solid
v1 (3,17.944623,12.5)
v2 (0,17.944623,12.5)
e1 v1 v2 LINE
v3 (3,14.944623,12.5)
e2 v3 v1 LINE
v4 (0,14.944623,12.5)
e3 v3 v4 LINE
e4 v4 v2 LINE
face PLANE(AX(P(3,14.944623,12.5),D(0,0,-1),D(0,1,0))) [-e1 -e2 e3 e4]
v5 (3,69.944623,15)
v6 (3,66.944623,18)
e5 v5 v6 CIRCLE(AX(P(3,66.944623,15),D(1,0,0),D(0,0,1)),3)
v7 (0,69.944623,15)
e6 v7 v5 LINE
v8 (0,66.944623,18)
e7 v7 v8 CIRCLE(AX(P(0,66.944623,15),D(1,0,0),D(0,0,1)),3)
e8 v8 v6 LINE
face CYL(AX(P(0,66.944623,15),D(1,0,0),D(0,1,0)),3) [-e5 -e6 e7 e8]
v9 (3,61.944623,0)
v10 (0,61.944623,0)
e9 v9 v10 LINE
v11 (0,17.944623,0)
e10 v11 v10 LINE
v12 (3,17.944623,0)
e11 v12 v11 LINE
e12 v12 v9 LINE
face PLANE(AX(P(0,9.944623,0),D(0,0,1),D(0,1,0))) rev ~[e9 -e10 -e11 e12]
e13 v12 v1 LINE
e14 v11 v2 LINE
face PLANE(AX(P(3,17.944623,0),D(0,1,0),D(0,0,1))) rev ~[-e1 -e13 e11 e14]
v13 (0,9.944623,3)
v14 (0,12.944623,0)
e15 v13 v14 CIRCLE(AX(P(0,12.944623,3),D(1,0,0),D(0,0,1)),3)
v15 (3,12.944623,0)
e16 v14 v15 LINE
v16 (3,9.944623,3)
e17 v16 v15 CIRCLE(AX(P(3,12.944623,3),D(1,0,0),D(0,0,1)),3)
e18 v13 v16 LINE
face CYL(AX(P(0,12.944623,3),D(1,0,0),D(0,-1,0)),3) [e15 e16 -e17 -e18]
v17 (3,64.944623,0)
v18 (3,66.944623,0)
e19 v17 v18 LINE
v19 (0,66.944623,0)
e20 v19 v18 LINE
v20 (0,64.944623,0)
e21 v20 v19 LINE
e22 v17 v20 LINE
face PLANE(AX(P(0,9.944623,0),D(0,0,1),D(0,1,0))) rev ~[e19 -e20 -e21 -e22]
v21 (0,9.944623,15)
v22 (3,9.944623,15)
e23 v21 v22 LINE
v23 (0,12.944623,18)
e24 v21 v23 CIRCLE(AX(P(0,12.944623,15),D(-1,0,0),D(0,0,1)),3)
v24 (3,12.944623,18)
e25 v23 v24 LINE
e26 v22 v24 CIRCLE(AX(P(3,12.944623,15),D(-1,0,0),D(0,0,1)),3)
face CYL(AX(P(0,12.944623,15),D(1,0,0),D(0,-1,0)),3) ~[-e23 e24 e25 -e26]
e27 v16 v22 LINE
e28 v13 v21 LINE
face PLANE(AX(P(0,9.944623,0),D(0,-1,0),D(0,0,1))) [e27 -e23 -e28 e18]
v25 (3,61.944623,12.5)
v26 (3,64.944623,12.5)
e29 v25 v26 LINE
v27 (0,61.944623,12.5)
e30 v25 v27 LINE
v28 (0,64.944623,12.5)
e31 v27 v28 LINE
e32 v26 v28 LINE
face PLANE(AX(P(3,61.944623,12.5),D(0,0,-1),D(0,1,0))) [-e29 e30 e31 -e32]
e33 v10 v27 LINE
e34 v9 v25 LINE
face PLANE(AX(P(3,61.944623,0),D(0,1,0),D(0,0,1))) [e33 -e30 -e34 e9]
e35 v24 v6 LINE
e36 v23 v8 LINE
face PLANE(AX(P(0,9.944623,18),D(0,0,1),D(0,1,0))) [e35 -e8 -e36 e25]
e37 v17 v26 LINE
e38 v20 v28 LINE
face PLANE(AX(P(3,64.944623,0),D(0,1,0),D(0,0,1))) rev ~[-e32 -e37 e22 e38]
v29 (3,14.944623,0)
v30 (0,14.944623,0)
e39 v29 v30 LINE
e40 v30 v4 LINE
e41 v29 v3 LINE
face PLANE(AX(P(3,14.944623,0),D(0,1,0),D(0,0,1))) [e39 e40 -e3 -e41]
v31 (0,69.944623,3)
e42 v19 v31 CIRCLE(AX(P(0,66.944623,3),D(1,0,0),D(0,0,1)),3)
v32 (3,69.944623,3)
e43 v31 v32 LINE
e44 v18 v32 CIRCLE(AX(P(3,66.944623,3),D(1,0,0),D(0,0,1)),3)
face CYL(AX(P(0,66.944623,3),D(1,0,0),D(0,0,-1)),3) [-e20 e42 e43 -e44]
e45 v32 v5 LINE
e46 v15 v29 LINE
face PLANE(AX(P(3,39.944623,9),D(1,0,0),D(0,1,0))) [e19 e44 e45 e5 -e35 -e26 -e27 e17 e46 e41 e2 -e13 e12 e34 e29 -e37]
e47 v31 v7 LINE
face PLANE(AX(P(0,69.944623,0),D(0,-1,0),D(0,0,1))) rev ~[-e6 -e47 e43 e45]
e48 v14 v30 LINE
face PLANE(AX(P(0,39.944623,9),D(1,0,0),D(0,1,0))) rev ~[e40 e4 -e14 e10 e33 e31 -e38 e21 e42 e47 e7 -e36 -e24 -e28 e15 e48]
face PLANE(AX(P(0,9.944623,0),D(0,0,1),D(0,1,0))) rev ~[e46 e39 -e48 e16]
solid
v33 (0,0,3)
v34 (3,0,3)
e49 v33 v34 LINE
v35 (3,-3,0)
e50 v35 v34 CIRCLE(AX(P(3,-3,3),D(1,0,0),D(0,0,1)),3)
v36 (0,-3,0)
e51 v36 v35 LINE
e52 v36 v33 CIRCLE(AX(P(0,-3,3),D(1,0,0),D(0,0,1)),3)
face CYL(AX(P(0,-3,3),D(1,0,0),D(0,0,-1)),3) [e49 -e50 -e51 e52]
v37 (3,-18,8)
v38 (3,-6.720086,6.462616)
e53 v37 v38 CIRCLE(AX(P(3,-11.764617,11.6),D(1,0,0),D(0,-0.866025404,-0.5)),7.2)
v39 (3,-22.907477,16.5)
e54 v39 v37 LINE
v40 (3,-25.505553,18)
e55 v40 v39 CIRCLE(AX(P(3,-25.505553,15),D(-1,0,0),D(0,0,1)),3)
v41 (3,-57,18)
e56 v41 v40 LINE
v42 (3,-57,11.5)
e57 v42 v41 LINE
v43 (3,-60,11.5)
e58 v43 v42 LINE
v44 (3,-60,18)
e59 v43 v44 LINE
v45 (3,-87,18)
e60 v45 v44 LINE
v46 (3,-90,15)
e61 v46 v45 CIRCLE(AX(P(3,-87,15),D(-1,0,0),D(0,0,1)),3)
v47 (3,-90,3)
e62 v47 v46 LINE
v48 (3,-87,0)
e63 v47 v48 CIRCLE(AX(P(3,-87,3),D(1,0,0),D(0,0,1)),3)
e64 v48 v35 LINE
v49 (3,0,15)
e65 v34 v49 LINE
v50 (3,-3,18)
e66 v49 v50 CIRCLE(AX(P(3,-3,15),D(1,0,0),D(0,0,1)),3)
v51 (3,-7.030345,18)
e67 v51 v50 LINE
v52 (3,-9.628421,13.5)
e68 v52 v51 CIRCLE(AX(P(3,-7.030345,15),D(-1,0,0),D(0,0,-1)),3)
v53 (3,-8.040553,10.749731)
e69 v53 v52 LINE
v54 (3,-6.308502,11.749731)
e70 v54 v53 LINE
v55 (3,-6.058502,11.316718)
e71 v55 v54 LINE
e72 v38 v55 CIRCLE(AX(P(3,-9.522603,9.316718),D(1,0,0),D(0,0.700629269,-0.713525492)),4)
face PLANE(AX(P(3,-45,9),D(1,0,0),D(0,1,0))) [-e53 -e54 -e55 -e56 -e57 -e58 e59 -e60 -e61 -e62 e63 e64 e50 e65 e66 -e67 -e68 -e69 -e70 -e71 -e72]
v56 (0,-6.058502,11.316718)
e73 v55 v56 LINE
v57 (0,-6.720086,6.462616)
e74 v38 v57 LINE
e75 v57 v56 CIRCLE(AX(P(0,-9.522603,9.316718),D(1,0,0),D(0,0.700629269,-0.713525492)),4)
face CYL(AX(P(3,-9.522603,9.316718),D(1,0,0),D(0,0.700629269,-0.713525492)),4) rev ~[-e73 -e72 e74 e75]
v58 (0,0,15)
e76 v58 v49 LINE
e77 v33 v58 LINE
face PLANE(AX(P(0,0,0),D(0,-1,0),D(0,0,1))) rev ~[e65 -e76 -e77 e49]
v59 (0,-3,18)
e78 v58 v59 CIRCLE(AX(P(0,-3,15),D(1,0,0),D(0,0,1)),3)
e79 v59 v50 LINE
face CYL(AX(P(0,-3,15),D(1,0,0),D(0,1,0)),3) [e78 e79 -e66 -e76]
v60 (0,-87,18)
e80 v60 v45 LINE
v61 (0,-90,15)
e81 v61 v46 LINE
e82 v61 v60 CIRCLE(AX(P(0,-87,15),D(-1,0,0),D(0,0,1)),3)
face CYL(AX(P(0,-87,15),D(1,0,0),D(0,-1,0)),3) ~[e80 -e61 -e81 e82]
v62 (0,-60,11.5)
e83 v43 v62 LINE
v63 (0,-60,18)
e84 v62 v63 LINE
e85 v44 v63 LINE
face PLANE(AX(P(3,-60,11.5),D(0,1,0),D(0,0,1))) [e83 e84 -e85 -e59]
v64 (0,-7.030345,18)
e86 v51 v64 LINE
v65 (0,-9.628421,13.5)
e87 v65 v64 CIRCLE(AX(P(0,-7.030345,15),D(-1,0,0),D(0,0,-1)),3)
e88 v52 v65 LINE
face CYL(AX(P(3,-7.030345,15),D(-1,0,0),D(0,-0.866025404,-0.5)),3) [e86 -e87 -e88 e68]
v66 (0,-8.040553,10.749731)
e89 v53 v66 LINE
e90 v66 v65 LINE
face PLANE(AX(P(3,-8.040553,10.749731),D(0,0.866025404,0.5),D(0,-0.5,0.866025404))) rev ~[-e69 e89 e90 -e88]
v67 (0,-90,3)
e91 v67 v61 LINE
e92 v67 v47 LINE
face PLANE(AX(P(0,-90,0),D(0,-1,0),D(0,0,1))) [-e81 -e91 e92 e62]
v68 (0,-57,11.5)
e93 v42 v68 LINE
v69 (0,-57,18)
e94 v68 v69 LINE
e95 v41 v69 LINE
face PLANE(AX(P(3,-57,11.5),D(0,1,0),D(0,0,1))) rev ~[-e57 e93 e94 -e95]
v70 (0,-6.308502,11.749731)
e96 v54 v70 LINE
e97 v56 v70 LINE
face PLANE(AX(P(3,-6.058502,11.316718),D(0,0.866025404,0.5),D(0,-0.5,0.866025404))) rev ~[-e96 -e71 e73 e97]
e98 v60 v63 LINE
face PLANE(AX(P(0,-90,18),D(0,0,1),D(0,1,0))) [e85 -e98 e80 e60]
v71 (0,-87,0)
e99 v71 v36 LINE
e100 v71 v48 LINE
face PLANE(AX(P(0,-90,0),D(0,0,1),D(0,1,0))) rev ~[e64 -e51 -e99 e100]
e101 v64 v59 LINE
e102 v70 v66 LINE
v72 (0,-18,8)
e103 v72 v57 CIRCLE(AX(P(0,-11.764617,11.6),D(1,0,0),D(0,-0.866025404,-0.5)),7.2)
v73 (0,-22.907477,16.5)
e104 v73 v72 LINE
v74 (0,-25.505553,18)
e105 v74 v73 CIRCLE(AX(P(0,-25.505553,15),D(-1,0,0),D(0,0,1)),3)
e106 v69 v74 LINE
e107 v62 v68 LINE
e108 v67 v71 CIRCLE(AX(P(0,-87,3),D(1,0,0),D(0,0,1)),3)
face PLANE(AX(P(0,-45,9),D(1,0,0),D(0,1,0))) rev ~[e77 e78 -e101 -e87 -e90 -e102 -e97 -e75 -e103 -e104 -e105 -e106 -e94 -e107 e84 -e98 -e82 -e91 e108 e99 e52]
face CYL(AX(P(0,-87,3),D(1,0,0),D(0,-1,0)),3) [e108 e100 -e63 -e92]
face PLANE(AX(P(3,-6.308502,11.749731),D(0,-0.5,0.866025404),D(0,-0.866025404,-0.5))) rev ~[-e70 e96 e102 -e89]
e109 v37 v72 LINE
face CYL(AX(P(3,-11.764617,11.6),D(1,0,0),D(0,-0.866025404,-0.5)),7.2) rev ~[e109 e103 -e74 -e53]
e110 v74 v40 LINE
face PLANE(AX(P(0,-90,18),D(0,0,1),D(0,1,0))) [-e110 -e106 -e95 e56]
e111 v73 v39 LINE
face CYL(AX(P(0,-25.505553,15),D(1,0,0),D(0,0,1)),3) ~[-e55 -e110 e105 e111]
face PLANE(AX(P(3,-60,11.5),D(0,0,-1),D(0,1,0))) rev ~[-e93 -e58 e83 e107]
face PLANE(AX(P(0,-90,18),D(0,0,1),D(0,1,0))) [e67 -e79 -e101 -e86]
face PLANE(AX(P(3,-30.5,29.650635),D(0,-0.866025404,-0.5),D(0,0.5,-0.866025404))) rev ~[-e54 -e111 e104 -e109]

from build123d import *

# Parameters (mm, degrees)
F0_W     = 90
F0_H     = 18
F1_DEPTH = 3
F0_W_2   = 60
F3_DEPTH = 3.001
F4_R     = 3
F4_2_R   = 3
F5_W     = 3
F5_H     = 6.5
F5_H_2   = 12.5
F6_DEPTH = 3.001


with BuildPart() as f1:
    # F0 (on Right) → F1 (new body)
    with BuildSketch(Plane.YZ):
        with Locations((-45, 9)):
            Rectangle(F0_W, F0_H)
    extrude(amount=F1_DEPTH)

    # F2 (on face) → F3 (cut, through all)
    with BuildSketch(Plane.YZ.offset(3)):
        with BuildLine():
            Line((-18.9529946162, 29.6506350946), (-30.5, 29.6506350946))
            Line((-30.5, 29.6506350946), (-18, 8))
            ThreePointArc((-18, 8), (-12.736943817, 4.4659562139), (-6.7200863544, 6.4626164608))
            ThreePointArc((-6.7200863544, 6.4626164608), (-5.5592457723, 8.7765369135), (-6.0585018161, 11.316718427))
            Line((-6.0585018161, 11.316718427), (-6.3085018161, 11.7497311289))
            Line((-6.3085018161, 11.7497311289), (-8.0405526237, 10.7497311289))
            Line((-8.0405526237, 10.7497311289), (-18.9529946162, 29.6506350946))
        make_face()
    extrude(amount=-F3_DEPTH, mode=Mode.SUBTRACT)

    # F4
    f4_edges = [f1.edges().sort_by_distance(p)[0] for p in [
        (1.5, -12.226497, 18),
        (1.5, 0, 18),
        (1.5, -23.773503, 18),
        (1.5, 0, 0),
        (1.5, -90, 18),
        (1.5, -90, 0),
    ]]
    fillet(f4_edges, radius=F4_R)


with BuildPart() as f1b:
    # F0 (on Right) → F1, piece 2 (new body)
    with BuildSketch(Plane.YZ):
        with Locations((39.9446233362, 9)):
            Rectangle(F0_W_2, F0_H)
    extrude(amount=F1_DEPTH)

    # F4#2
    f4_2_edges = [f1b.edges().sort_by_distance(p)[0] for p in [
        (1.5, 69.944623, 18),
        (1.5, 69.944623, 0),
        (1.5, 9.944623, 0),
        (1.5, 9.944623, 18),
    ]]
    fillet(f4_2_edges, radius=F4_2_R)


with BuildPart() as f6_tool:
    # F5 (on face) → F6 (new body, through all)
    with BuildSketch(Plane.YZ.offset(3)):
        with Locations((-58.5, 14.75)):
            Rectangle(F5_W, F5_H)
        with Locations((16.4446233362, 6.25)):
            Rectangle(F5_W, F5_H_2)
        with Locations((63.4446233362, 6.25)):
            Rectangle(F5_W, F5_H_2)
    extrude(amount=-F6_DEPTH)


with BuildPart() as f1_1:
    add(f1.part)

    # F6: cut by f6_tool
    add(f6_tool.part, mode=Mode.SUBTRACT)


with BuildPart() as f1b_1:
    add(f1b.part)

    # F6: cut by f6_tool
    add(f6_tool.part, mode=Mode.SUBTRACT)


solid = Compound([f1_1.part, f1b_1.part])
